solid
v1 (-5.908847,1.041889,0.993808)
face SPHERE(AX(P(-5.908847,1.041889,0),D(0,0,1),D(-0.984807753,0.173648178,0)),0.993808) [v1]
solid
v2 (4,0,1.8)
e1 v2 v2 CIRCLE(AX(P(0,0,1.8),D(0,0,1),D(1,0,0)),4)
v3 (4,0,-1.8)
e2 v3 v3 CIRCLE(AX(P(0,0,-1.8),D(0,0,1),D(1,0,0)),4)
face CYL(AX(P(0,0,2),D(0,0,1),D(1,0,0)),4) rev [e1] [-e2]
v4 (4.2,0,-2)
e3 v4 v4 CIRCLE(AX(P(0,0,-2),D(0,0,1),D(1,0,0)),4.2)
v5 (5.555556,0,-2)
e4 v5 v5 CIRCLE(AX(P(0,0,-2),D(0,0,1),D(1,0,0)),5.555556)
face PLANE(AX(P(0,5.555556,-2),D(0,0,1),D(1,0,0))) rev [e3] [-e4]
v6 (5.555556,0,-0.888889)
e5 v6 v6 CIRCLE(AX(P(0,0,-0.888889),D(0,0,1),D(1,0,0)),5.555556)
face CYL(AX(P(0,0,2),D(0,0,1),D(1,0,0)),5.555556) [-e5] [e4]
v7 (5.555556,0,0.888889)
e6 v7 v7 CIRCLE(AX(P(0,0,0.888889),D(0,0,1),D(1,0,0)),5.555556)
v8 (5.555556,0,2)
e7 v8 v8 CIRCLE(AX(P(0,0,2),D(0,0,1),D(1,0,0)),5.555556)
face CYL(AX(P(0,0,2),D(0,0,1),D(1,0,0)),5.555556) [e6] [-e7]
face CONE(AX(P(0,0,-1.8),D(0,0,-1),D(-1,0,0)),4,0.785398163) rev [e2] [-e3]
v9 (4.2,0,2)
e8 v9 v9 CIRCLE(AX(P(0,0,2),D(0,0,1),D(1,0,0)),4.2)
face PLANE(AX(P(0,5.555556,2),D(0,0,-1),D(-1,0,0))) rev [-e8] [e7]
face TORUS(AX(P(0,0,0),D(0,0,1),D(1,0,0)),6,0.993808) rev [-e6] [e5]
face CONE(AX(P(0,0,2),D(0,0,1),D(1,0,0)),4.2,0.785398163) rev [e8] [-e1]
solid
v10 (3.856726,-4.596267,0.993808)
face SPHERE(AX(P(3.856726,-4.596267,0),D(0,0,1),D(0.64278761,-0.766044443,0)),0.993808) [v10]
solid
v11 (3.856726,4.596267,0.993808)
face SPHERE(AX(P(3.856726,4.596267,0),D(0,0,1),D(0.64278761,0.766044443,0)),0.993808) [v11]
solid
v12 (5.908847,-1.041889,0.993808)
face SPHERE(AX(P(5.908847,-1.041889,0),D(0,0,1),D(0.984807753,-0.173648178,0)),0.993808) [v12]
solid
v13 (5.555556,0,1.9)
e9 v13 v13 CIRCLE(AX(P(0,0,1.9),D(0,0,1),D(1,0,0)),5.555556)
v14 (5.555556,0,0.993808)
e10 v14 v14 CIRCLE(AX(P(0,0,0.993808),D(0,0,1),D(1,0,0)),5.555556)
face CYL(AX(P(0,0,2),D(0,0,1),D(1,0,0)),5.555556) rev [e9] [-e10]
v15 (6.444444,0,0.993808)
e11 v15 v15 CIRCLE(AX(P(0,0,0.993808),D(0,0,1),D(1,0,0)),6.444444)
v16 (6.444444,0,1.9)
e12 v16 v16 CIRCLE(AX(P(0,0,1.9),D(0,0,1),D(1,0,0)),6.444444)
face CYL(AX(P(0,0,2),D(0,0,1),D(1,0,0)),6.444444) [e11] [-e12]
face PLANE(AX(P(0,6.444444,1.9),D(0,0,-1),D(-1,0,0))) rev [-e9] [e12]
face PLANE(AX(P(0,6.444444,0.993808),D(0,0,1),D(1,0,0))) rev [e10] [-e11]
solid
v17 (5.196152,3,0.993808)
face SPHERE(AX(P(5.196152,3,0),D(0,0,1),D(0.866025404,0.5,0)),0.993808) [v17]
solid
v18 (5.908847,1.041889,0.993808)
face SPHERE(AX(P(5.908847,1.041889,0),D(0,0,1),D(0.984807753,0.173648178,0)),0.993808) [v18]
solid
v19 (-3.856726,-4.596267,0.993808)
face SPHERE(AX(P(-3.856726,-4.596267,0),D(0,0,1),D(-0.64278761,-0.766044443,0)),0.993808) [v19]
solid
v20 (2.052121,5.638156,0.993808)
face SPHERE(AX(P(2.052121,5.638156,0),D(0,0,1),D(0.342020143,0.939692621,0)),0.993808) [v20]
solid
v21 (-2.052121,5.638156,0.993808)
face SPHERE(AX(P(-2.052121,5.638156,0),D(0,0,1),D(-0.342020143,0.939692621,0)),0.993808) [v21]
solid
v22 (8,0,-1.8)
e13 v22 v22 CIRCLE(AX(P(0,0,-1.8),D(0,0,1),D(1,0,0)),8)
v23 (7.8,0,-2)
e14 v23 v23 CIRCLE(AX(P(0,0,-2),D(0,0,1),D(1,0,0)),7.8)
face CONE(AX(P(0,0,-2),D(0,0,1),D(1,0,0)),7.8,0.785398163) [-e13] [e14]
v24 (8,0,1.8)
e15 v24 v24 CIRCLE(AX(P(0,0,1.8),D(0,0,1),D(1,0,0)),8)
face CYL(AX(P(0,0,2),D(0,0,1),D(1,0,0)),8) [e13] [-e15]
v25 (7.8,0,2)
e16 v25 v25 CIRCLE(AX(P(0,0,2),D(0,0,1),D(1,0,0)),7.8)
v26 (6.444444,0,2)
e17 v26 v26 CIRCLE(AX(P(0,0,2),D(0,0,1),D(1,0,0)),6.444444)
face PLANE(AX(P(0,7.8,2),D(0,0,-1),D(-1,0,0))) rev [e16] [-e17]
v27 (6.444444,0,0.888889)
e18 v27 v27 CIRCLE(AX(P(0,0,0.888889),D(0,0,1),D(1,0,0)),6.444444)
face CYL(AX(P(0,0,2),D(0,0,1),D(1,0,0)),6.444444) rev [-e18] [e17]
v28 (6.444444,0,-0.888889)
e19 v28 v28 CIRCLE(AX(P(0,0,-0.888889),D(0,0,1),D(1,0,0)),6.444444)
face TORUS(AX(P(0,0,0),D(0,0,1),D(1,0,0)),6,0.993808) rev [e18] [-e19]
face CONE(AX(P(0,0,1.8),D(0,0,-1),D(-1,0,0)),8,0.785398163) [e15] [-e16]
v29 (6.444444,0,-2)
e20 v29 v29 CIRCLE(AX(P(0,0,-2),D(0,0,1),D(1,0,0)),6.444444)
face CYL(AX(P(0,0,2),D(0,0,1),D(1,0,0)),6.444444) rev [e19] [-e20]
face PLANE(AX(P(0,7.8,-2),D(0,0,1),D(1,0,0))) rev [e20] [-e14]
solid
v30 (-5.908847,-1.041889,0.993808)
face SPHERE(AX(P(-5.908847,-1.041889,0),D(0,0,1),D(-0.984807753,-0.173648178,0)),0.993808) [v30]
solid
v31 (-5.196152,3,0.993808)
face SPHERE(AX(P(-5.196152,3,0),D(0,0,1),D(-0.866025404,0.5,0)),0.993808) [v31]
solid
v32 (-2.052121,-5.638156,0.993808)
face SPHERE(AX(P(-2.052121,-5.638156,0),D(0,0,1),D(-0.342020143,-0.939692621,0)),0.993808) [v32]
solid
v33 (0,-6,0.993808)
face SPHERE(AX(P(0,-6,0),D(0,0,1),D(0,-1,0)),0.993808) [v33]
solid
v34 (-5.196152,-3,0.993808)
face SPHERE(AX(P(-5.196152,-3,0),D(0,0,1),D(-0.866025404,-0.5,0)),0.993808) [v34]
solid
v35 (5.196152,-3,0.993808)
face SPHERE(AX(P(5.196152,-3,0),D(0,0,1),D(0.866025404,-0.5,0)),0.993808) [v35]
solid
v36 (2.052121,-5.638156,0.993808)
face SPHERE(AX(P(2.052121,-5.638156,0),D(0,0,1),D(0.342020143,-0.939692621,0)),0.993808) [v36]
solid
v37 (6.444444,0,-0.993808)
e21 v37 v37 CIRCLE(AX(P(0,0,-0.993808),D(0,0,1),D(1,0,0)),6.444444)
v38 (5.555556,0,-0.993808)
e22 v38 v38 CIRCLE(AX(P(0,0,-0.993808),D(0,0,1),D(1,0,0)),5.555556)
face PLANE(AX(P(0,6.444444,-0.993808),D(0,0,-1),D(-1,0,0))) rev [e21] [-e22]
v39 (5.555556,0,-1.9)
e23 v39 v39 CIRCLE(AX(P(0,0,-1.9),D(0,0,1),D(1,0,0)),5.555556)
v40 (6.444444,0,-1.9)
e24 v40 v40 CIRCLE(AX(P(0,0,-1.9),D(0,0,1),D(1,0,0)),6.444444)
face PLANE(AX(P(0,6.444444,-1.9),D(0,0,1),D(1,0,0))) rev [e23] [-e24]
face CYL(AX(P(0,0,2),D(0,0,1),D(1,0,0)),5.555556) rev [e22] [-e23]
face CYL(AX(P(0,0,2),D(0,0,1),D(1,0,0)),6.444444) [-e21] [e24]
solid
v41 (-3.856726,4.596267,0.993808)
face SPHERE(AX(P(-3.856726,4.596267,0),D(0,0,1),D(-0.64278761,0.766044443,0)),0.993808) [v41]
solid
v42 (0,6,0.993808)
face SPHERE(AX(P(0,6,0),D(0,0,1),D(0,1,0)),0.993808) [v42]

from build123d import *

# Parameters (mm, degrees)
CIRPATTERN1_COUNT = 18
SKETCH5_W         = 0.90619201
SKETCH5_H         = 0.888888888


with BuildPart() as part:
    # Sketch1 → Revolve1 (revolve)
    with BuildSketch(Plane(origin=(0, 0, 0), x_dir=(0, 0, -1), z_dir=(1, 0, 0))):
        with BuildLine():
            Line((1.8, 8), (-1.8, 8))
            Line((-1.8, 8), (-2, 7.8))
            Line((-2, 7.8), (-2, 6.444444444))
            Line((-2, 6.444444444), (-0.888888889, 6.444444444))
            ThreePointArc((-0.888888889, 6.444444444), (0, 6.99380799), (0.888888889, 6.444444444))
            Line((0.888888889, 6.444444444), (2, 6.444444444))
            Line((2, 6.444444444), (2, 7.8))
            Line((2, 7.8), (1.8, 8))
        make_face()
    revolve(axis=Axis((0, 0, 2), (0, 0, -1)))


with BuildPart() as body_2:
    # Sketch2 → Revolve2 (revolve)
    with BuildSketch(Plane(origin=(0, 0, 0), x_dir=(0, 0, -1), z_dir=(1, 0, 0))):
        with BuildLine():
            Line((-2, 5.555555556), (-0.888888889, 5.555555556))
            ThreePointArc((-0.888888889, 5.555555556), (0, 5.00619201), (0.888888889, 5.555555556))
            Line((0.888888889, 5.555555556), (2, 5.555555556))
            Line((2, 5.555555556), (2, 4.2))
            Line((2, 4.2), (1.8, 4))
            Line((1.8, 4), (-1.8, 4))
            Line((-1.8, 4), (-2, 4.2))
            Line((-2, 4.2), (-2, 5.555555556))
        make_face()
    revolve(axis=Axis((0, 0, 2), (0, 0, -1)))


with BuildPart() as body_3:
    # Sketch3 → Revolve3 (revolve)
    with BuildSketch(Plane(origin=(0, 0, 0), x_dir=(0, 0, -1), z_dir=(1, 0, 0))):
        with BuildLine():
            Line((-0.99380799, 6), (0.99380799, 6))
            ThreePointArc((0.99380799, 6), (0, 6.99380799), (-0.99380799, 6))
        make_face()
    revolve(axis=Axis((0, 6, 0.99380799), (0, 0, -1)))


with BuildPart() as cirpattern1_1:
    # CirPattern1: pattern copy
    add(body_3.part.rotate(Axis((0, 0, -2), (0, 0, 1)), 1 * 360 / CIRPATTERN1_COUNT))


with BuildPart() as cirpattern1_2:
    # CirPattern1: pattern copy
    add(body_3.part.rotate(Axis((0, 0, -2), (0, 0, 1)), 2 * 360 / CIRPATTERN1_COUNT))


with BuildPart() as cirpattern1_3:
    # CirPattern1: pattern copy
    add(body_3.part.rotate(Axis((0, 0, -2), (0, 0, 1)), 3 * 360 / CIRPATTERN1_COUNT))


with BuildPart() as cirpattern1_4:
    # CirPattern1: pattern copy
    add(body_3.part.rotate(Axis((0, 0, -2), (0, 0, 1)), 4 * 360 / CIRPATTERN1_COUNT))


with BuildPart() as cirpattern1_5:
    # CirPattern1: pattern copy
    add(body_3.part.rotate(Axis((0, 0, -2), (0, 0, 1)), 5 * 360 / CIRPATTERN1_COUNT))


with BuildPart() as cirpattern1_6:
    # CirPattern1: pattern copy
    add(body_3.part.rotate(Axis((0, 0, -2), (0, 0, 1)), 6 * 360 / CIRPATTERN1_COUNT))


with BuildPart() as cirpattern1_7:
    # CirPattern1: pattern copy
    add(body_3.part.rotate(Axis((0, 0, -2), (0, 0, 1)), 7 * 360 / CIRPATTERN1_COUNT))


with BuildPart() as cirpattern1_8:
    # CirPattern1: pattern copy
    add(body_3.part.rotate(Axis((0, 0, -2), (0, 0, 1)), 8 * 360 / CIRPATTERN1_COUNT))


with BuildPart() as cirpattern1_9:
    # CirPattern1: pattern copy
    add(body_3.part.rotate(Axis((0, 0, -2), (0, 0, 1)), 9 * 360 / CIRPATTERN1_COUNT))


with BuildPart() as cirpattern1_10:
    # CirPattern1: pattern copy
    add(body_3.part.rotate(Axis((0, 0, -2), (0, 0, 1)), 10 * 360 / CIRPATTERN1_COUNT))


with BuildPart() as cirpattern1_11:
    # CirPattern1: pattern copy
    add(body_3.part.rotate(Axis((0, 0, -2), (0, 0, 1)), 11 * 360 / CIRPATTERN1_COUNT))


with BuildPart() as cirpattern1_12:
    # CirPattern1: pattern copy
    add(body_3.part.rotate(Axis((0, 0, -2), (0, 0, 1)), 12 * 360 / CIRPATTERN1_COUNT))


with BuildPart() as cirpattern1_13:
    # CirPattern1: pattern copy
    add(body_3.part.rotate(Axis((0, 0, -2), (0, 0, 1)), 13 * 360 / CIRPATTERN1_COUNT))


with BuildPart() as cirpattern1_14:
    # CirPattern1: pattern copy
    add(body_3.part.rotate(Axis((0, 0, -2), (0, 0, 1)), 14 * 360 / CIRPATTERN1_COUNT))


with BuildPart() as cirpattern1_15:
    # CirPattern1: pattern copy
    add(body_3.part.rotate(Axis((0, 0, -2), (0, 0, 1)), 15 * 360 / CIRPATTERN1_COUNT))


with BuildPart() as cirpattern1_16:
    # CirPattern1: pattern copy
    add(body_3.part.rotate(Axis((0, 0, -2), (0, 0, 1)), 16 * 360 / CIRPATTERN1_COUNT))


with BuildPart() as cirpattern1_17:
    # CirPattern1: pattern copy
    add(body_3.part.rotate(Axis((0, 0, -2), (0, 0, 1)), 17 * 360 / CIRPATTERN1_COUNT))


with BuildPart() as body_21:
    # Sketch5 → Revolve5 (revolve)
    with BuildSketch(Plane(origin=(0, 0, 0), x_dir=(0, 0, -1), z_dir=(1, 0, 0))):
        with Locations((-1.446903995, 6)):
            Rectangle(SKETCH5_W, SKETCH5_H)
        with Locations((1.446903995, 6)):
            Rectangle(SKETCH5_W, SKETCH5_H)
    revolve(axis=Axis((0, 0, 2), (0, 0, -1)))


solid = Compound([part.part, body_2.part, body_3.part, cirpattern1_1.part, cirpattern1_2.part, cirpattern1_3.part, cirpattern1_4.part, cirpattern1_5.part, cirpattern1_6.part, cirpattern1_7.part, cirpattern1_8.part, cirpattern1_9.part, cirpattern1_10.part, cirpattern1_11.part, cirpattern1_12.part, cirpattern1_13.part, cirpattern1_14.part, cirpattern1_15.part, cirpattern1_16.part, cirpattern1_17.part, body_21.part])
